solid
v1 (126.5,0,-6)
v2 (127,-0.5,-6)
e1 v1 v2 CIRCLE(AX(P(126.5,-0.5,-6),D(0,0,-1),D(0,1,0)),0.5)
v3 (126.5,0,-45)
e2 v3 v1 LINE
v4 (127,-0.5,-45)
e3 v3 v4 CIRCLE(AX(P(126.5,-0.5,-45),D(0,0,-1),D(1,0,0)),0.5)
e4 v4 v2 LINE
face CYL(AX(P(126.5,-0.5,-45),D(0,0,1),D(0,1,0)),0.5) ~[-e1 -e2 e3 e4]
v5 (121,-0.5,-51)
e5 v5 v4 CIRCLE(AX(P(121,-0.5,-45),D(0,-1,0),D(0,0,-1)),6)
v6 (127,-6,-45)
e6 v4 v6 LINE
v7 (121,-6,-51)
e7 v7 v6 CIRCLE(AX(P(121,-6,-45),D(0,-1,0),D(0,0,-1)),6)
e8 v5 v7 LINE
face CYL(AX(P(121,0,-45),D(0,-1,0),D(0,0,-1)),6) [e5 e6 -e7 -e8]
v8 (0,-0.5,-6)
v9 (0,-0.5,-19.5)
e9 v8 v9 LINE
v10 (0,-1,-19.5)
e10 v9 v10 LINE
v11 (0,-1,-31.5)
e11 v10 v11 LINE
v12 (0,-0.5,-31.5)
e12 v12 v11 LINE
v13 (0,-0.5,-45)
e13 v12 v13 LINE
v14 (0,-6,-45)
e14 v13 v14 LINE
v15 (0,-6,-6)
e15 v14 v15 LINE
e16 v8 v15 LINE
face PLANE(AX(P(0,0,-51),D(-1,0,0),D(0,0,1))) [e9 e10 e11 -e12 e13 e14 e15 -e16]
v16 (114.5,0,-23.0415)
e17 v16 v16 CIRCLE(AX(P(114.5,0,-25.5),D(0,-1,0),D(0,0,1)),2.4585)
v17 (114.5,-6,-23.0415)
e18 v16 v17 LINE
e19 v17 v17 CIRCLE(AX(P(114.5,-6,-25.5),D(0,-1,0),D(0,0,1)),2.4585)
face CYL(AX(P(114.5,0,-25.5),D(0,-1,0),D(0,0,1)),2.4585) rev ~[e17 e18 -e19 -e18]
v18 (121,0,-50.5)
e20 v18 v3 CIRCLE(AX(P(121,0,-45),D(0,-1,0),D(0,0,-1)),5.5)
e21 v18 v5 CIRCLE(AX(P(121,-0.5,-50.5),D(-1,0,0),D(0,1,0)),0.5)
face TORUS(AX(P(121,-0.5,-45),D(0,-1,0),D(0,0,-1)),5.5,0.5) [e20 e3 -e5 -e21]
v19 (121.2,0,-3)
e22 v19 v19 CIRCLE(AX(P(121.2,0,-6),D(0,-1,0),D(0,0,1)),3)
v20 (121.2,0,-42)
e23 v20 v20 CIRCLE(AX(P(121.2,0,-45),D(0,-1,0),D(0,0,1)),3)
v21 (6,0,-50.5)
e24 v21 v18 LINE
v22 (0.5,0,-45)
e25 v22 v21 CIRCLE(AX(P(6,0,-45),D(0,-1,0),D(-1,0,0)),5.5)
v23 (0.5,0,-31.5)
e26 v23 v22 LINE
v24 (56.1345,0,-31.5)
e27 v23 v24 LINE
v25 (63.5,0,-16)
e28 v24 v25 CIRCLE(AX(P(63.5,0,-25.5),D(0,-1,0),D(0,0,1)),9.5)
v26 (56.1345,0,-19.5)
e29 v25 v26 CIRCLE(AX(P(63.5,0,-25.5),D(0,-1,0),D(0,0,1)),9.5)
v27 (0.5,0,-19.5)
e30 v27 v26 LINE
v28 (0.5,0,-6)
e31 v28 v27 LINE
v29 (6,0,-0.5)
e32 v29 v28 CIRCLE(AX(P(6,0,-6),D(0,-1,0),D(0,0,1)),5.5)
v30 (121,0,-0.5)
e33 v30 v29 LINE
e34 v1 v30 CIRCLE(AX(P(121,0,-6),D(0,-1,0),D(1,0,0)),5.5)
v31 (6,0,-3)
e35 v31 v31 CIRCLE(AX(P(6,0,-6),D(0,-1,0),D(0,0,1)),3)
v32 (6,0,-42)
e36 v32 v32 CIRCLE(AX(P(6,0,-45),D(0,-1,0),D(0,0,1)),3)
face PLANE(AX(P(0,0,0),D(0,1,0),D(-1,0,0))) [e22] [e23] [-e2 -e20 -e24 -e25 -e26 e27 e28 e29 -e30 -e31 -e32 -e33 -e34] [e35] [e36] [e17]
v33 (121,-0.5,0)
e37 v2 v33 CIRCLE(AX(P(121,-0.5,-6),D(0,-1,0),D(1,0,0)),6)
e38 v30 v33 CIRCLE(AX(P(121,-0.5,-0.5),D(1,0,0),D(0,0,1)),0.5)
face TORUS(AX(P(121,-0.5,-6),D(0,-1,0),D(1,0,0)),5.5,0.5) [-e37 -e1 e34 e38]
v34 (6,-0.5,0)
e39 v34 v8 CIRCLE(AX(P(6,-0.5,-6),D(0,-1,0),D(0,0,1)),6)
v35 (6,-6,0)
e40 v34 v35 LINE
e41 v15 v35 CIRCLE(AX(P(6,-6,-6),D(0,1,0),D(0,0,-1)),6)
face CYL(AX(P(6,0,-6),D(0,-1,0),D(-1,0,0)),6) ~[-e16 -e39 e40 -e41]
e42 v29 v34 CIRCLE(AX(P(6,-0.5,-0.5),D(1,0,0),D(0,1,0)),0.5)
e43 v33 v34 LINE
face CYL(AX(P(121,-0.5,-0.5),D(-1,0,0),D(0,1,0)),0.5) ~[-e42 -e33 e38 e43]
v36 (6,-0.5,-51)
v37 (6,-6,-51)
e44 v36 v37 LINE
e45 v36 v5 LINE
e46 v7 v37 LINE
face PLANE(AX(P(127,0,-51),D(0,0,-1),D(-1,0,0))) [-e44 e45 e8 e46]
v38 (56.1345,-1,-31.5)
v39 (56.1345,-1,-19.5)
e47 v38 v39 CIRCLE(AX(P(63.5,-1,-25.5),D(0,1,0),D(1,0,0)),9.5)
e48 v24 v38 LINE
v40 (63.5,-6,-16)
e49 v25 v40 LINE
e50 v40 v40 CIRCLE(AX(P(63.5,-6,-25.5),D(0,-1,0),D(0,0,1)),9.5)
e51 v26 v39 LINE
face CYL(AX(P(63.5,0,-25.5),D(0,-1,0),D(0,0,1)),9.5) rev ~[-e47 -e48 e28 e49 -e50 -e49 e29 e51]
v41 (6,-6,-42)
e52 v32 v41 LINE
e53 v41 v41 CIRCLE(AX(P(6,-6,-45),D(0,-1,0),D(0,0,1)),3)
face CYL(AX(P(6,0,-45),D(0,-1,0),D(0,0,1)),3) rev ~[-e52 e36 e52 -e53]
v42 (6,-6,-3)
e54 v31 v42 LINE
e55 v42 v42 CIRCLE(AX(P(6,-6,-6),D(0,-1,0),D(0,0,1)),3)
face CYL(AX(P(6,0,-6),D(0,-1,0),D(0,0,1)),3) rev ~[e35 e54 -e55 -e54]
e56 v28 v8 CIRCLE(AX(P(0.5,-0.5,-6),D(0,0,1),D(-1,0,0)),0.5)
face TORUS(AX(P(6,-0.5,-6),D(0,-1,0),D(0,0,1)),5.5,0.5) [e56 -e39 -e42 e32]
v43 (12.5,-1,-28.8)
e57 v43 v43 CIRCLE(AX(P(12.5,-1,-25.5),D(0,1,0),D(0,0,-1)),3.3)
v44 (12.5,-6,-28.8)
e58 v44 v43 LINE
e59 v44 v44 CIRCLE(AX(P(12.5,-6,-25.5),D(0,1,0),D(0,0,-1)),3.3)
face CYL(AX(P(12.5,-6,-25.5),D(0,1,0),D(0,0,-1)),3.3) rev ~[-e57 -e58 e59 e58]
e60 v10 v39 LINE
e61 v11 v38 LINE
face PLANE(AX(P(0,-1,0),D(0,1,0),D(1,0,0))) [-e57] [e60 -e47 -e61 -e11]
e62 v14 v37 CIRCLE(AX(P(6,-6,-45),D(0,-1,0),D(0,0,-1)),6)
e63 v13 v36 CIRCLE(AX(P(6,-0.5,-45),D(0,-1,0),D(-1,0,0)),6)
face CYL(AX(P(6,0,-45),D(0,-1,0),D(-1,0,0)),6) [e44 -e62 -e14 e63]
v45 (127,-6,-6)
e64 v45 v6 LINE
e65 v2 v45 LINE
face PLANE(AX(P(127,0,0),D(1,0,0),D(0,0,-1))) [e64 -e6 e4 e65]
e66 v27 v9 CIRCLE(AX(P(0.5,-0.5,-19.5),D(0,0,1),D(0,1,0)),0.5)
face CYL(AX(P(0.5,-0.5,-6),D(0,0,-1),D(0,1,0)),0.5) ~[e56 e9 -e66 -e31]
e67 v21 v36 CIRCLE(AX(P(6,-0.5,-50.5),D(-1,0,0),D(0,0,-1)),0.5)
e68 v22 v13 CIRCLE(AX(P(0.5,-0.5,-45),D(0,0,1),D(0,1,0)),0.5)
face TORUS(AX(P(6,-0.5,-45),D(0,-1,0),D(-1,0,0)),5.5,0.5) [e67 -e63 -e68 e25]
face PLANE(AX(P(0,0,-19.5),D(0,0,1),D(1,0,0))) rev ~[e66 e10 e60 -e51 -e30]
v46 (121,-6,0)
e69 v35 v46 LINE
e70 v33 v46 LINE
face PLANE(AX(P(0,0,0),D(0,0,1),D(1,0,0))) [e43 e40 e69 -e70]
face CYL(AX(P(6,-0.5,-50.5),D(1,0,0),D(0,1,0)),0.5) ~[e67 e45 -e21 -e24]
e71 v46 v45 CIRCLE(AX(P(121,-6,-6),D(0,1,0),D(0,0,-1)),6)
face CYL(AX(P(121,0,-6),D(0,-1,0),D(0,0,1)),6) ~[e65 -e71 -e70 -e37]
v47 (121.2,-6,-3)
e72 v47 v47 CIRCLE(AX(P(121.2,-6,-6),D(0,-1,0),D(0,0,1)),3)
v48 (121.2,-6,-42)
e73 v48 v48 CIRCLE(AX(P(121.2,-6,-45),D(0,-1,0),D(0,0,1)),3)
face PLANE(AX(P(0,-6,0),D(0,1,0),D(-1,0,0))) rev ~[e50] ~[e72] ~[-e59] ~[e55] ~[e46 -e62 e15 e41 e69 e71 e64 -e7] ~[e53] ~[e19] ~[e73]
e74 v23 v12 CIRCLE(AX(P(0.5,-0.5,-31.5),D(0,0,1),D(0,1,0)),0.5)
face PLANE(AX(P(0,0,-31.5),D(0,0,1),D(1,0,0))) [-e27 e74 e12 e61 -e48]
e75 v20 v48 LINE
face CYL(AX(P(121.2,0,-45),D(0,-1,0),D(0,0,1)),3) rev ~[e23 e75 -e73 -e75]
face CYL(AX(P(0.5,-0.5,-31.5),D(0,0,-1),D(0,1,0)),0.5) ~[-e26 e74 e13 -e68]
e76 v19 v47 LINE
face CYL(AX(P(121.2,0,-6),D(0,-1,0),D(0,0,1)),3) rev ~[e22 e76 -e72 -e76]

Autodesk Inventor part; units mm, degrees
ref_plane "YZ Plane" through (0, 0, 0) normal (1, 0, 0) x (0, 1, 0)
ref_plane "XZ Plane" through (0, 0, 0) normal (0, 1, 0) x (-1, 0, 0)
ref_plane "XY Plane" through (0, 0, 0) normal (0, 0, 1) x (1, 0, 0)
sketch "Esboço1" plane through (0, 0, 0) normal (0, 1, 0) x (-1, 0, 0)
  line L0 (0, 0) -> (-127, 0)
  line L1 (-127, 0) -> (-127, -51)
  line L2 (-127, -51) -> (0, -51)
  line L3 (0, -51) -> (0, 0)
  dimension "d0" = 127
  dimension "d1" = 51
extrude "Extrusão1" add sketch "Esboço1" against normal blind 6
sketch "Esboço2" plane through (0, 0, 0) normal (0, 1, 0) x (1, 0, 0)
  line L0 (127, 51) -> (127, 0) projected
  line L1 (63.5, 0) -> (6, 0)
  line L2 (0, 51) -> (127, 51) projected
  line L3 (0, 6) -> (6, 6)
  point P0 (6, 45)
  point P1 (121.2, 45)
  point P2 (121.2, 6)
  dimension "d4" = 57.5
hole "Furo1" at (6, 0, -6) at (6, 0, -45) at (121.2, 0, -45) at (121.2, 0, -6) direction (0, -1, 0) diameter 6 end through all
sketch "Esboço3" plane through (0, 0, 0) normal (0, 1, 0) x (1, 0, 0)
  line L0 (127, 0) -> (0, 0) projected
  line L1 (0, 0) -> (57.5, 0)
  line L2 (0, 51) -> (127, 51) projected
  line L3 (0, 0) -> (0, 51) projected
  line L4 (0, 25.5) -> (127, 25.5)
  line L5 (127, 51) -> (127, 0) projected
  line L6 (0, 25.5) -> (63.5, 25.5)
  circle A0 centre (63.5, 25.5) radius 9.5
  point P0 (57.5, 25.5)
  dimension "d17" = 57.5
  dimension "d47" = 63.5
  dimension "d48" = 19
hole "Furo2" at (63.5, 0, -25.5) direction (0, -1, 0) diameter 19 end through all
sketch "Esboço4" plane through (0, 0, 0) normal (0, 1, 0) x (1, 0, 0)
  line L0 (0, 0) -> (0, 51) projected
  line L1 (0, 31.5) -> (56.1345, 31.5)
  line L2 (0, 19.5) -> (56.1345, 19.5)
  circle A0 centre (63.5, 25.5) radius 9.5 projected
  circle A1 centre (63.5, 25.5) radius 9.5
extrude "Extrusão2" cut sketch "Esboço4" against normal blind 1 contours L0 L1 A0 L2
sketch "Esboço5" plane through (0, -1, 0) normal (0, 1, 0) x (1, 0, 0)
  circle A0 centre (63.5, 25.5) radius 9.5 projected
  circle A1 centre (63.5, 25.5) radius 9.5
  line L0 (63.5, 25.5) -> (12.5, 25.5)
  point P0 (0, 0)
  dimension "d49" = 51
hole "Furo3" at (12.5, -1, -25.5) direction (0, -1, 0) diameter 4.917 end through all thread size "M6x1" class "6H" standard "ANSI Metric M Profile"
fillet "Arredondamento1" radius 6 4 edges at (127, -3, -51) (127, -3, 0) (0, -3, 0) (0, -3, -51)
fillet "Arredondamento2" radius 0.5 9 edges at (1.7574, 0, -49.2426) (0, 0, -38.25) (125.2426, 0, -49.2426) (127, 0, -25.5) (125.2426, 0, -1.7574) (63.5, 0, 0) (1.7574, 0, -1.7574) (0, 0, -12.75) (63.5, 0, -51)
sketch "Esboço6" plane through (0, 0, 0) normal (0, 1, 0) x (1, 0, 0)
  circle A0 centre (12.5, 25.5) radius 2.4585 projected
  circle A1 centre (12.5, 25.5) radius 2.4585
  line L0 (12.5, 25.5) -> (114.5, 25.5)
  point P0 (0, 0)
  dimension "d50" = 102
hole "Furo4" at (114.5, 0, -25.5) direction (0, -1, 0) diameter 4.917 end through all thread size "M6x1" class "6H" standard "ANSI Metric M Profile"
sketch "Sketch7" plane through (0, -6, 0) normal (0, -1, 0) x (1, 0, 0)
  point P0 (12.5, -25.5)
hole "Hole5" at (12.5, -6, -25.5) direction (0, 1, 0) diameter 6.6 end through all
properties part number "base_plate" material "Aluminum 6061-AHC"
